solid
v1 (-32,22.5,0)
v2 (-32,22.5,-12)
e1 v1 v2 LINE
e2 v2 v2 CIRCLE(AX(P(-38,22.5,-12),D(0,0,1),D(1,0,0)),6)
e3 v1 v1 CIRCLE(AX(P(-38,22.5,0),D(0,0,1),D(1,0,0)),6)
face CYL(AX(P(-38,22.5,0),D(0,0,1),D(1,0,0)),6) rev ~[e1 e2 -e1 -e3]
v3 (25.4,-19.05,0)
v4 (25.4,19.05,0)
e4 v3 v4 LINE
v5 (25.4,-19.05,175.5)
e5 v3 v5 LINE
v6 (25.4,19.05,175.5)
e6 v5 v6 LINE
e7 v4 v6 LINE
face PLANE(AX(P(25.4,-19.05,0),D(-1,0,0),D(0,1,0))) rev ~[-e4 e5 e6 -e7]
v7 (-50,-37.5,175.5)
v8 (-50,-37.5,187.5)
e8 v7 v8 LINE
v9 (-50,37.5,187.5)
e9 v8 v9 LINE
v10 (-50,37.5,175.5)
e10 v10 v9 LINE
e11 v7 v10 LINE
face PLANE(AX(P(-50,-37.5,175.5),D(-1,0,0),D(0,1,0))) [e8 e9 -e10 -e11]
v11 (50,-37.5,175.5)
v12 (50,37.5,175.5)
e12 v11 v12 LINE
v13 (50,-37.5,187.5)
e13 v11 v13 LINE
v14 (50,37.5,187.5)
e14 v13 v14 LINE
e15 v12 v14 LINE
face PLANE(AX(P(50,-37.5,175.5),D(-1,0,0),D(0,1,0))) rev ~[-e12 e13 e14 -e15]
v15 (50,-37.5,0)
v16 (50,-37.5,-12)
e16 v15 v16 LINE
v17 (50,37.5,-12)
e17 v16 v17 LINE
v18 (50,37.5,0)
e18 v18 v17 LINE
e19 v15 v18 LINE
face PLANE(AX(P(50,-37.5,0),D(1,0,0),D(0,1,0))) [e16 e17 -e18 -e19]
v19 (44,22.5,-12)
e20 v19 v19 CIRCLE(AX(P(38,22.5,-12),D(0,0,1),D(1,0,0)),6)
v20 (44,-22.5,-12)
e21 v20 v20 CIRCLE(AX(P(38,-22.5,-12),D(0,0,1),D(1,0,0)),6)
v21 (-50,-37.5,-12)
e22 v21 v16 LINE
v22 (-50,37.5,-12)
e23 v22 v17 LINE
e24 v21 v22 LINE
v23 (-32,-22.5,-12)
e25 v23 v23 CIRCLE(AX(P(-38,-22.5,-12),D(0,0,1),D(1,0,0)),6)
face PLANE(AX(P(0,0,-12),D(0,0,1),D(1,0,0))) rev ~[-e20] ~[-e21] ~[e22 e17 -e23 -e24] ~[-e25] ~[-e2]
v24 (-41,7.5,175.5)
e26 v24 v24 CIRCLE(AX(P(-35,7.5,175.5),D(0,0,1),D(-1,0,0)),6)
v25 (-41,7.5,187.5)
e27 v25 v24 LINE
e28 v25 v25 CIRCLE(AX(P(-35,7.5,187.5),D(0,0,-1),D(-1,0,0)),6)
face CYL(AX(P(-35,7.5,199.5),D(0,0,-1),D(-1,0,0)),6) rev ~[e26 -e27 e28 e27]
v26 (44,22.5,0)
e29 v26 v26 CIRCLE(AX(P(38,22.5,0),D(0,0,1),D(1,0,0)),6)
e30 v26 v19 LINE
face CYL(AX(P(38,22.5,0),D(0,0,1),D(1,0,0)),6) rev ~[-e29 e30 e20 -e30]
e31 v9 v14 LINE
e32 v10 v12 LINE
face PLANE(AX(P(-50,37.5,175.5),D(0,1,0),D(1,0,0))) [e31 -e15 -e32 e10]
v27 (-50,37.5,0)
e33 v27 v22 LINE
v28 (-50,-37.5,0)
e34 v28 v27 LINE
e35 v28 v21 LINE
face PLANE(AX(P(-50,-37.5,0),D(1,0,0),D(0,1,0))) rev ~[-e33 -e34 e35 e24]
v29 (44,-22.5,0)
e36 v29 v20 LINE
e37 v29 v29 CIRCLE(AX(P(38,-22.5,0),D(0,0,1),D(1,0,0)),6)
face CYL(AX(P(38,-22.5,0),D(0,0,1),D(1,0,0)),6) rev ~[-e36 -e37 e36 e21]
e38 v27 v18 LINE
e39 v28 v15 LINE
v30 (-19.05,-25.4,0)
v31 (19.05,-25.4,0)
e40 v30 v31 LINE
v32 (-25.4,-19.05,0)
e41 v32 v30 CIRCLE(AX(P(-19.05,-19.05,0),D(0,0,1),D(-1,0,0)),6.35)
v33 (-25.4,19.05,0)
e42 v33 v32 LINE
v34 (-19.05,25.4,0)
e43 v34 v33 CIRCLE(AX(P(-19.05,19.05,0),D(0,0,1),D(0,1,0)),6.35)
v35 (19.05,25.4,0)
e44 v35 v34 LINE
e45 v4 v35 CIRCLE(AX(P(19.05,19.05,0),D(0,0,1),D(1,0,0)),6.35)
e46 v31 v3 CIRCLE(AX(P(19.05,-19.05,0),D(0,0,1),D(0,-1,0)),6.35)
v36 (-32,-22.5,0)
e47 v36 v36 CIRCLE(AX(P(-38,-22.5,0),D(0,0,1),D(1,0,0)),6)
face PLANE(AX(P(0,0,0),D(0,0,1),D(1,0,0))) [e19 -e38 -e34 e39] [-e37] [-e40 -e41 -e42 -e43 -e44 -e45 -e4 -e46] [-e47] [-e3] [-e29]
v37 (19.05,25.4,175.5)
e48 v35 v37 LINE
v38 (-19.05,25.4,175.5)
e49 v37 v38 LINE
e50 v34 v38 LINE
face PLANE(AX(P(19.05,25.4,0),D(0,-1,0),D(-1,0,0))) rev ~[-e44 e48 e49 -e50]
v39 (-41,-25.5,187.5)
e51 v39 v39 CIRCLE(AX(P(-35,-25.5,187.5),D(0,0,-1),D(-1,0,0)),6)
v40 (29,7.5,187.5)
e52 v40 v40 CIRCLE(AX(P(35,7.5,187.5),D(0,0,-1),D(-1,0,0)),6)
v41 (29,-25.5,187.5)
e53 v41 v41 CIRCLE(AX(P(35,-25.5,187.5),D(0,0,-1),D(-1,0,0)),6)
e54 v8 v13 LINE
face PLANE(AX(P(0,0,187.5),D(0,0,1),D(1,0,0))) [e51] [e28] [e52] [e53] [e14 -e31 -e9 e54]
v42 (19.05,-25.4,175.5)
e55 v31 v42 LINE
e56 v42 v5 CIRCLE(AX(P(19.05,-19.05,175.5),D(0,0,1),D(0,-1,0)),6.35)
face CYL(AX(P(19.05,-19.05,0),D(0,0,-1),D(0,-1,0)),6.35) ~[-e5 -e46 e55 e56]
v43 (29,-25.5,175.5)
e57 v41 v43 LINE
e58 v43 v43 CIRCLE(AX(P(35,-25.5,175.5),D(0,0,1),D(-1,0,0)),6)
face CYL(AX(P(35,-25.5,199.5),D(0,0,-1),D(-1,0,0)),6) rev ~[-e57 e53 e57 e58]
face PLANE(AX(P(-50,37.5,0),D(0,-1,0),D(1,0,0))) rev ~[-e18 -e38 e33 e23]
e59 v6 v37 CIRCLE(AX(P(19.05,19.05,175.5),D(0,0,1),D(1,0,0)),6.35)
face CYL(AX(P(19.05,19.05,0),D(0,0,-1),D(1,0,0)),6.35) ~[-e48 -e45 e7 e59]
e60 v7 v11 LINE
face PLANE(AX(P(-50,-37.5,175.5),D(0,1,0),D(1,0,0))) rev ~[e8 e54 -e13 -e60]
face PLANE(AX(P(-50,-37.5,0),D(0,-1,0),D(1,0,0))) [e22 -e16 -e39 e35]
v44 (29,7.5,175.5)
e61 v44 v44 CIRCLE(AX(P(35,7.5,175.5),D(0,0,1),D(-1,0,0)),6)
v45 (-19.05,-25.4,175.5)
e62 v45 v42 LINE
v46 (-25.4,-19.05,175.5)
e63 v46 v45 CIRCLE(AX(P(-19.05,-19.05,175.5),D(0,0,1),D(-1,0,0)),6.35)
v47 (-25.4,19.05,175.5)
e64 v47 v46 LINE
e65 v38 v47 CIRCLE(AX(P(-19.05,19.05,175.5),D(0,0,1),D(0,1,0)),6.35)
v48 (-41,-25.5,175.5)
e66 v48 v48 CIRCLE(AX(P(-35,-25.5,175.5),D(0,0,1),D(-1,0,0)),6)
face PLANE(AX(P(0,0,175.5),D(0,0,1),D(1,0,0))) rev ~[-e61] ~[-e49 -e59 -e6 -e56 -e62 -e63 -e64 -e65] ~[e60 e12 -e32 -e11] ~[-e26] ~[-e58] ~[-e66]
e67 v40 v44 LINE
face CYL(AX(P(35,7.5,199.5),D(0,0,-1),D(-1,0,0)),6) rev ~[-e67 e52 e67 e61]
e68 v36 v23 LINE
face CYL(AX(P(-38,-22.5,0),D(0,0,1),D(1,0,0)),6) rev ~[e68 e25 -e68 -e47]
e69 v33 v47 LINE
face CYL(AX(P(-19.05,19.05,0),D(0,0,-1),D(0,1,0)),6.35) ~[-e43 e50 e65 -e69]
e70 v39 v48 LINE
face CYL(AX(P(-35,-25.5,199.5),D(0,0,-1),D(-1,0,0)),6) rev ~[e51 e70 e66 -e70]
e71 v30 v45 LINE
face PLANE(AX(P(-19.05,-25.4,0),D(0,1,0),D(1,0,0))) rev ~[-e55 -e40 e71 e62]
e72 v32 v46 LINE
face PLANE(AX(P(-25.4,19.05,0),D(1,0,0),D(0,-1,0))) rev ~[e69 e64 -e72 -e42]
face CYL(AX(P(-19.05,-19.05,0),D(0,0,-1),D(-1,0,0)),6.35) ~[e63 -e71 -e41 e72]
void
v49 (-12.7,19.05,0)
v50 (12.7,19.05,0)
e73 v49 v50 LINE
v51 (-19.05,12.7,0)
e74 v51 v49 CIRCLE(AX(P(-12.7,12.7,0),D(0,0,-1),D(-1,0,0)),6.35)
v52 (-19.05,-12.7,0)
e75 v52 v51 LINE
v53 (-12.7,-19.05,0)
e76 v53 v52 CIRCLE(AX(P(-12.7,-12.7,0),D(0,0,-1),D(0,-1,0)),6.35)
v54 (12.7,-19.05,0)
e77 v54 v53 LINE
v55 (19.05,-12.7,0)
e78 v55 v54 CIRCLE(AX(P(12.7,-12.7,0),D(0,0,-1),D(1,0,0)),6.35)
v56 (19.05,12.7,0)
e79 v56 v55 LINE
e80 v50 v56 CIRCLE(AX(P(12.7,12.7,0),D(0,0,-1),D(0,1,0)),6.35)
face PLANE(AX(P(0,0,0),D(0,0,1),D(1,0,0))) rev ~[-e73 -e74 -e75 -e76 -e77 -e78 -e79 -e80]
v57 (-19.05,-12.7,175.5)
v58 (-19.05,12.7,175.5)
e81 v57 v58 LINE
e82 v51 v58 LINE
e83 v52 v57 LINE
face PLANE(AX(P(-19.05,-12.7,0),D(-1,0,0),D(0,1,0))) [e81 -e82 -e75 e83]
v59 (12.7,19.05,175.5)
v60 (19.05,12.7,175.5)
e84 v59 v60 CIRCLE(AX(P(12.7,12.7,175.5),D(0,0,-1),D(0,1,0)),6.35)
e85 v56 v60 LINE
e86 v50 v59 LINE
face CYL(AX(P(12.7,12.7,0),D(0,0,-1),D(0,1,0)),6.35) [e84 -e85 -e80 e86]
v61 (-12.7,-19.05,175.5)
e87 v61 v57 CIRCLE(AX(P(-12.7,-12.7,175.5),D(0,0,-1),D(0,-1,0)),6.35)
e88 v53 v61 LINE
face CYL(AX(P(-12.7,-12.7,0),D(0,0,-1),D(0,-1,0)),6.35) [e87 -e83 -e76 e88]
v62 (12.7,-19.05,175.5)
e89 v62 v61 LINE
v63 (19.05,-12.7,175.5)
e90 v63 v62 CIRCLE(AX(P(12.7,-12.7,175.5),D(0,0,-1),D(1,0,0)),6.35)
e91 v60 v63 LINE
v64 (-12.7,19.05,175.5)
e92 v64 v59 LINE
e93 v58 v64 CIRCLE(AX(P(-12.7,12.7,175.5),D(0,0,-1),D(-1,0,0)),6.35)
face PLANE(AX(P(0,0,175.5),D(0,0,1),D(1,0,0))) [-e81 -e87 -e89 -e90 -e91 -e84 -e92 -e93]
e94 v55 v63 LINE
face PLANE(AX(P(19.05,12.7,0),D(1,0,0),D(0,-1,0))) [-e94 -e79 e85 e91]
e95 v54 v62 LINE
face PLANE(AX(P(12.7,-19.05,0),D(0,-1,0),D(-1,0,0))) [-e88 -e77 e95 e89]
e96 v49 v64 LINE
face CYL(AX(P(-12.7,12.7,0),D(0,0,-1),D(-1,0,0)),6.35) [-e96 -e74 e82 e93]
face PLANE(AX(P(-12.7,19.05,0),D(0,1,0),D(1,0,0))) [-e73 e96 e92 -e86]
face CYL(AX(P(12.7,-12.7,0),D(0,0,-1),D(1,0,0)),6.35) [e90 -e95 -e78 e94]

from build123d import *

# Parameters (mm, degrees)
F0_W     = 100
F0_H     = 75
F1_DEPTH = 12
F3_DEPTH = 175.5
F5_W     = 100
F5_H     = 75
F6_DEPTH = 12
F7_D     = 12
F7_DEPTH = 12.001
F9_D     = 12
F9_DEPTH = 12
F9_TIP   = 3.6051637142


with BuildPart() as f1:
    # F0 (on Top) → F1 (new body)
    with BuildSketch(Plane.XY):
        Rectangle(F0_W, F0_H)
    extrude(amount=-F1_DEPTH)

    # F2 (on face) → F3 (join)
    with BuildSketch(Plane.XY):
        with BuildLine():
            Line((-19.05, -25.4), (19.05, -25.4))
            ThreePointArc((19.05, -25.4), (23.5401280605, -23.5401280605), (25.4, -19.05))
            Line((25.4, -19.05), (25.4, 19.05))
            ThreePointArc((25.4, 19.05), (23.5401280605, 23.5401280605), (19.05, 25.4))
            Line((19.05, 25.4), (-19.05, 25.4))
            ThreePointArc((-19.05, 25.4), (-23.5401280605, 23.5401280605), (-25.4, 19.05))
            Line((-25.4, 19.05), (-25.4, -19.05))
            ThreePointArc((-25.4, -19.05), (-23.5401280605, -23.5401280605), (-19.05, -25.4))
        make_face()
        with BuildLine():
            Line((-12.7, 19.05), (12.7, 19.05))
            ThreePointArc((12.7, 19.05), (17.1901280605, 17.1901280605), (19.05, 12.7))
            Line((19.05, 12.7), (19.05, -12.7))
            ThreePointArc((19.05, -12.7), (17.1901280605, -17.1901280605), (12.7, -19.05))
            Line((12.7, -19.05), (-12.7, -19.05))
            ThreePointArc((-12.7, -19.05), (-17.1901280605, -17.1901280605), (-19.05, -12.7))
            Line((-19.05, -12.7), (-19.05, 12.7))
            ThreePointArc((-19.05, 12.7), (-17.1901280605, 17.1901280605), (-12.7, 19.05))
        make_face(mode=Mode.SUBTRACT)
    extrude(amount=F3_DEPTH)

    # F5 (on face) → F6 (join)
    with BuildSketch(Plane.XY.offset(175.5)):
        Rectangle(F5_W, F5_H)
        with BuildLine():
            Line((19.05, -25.4), (-19.05, -25.4))
            ThreePointArc((-19.05, -25.4), (-23.5401280605, -23.5401280605), (-25.4, -19.05))
            Line((-25.4, -19.05), (-25.4, 19.05))
            ThreePointArc((-25.4, 19.05), (-23.5401280605, 23.5401280605), (-19.05, 25.4))
            Line((-19.05, 25.4), (19.05, 25.4))
            ThreePointArc((19.05, 25.4), (23.5401280605, 23.5401280605), (25.4, 19.05))
            Line((25.4, 19.05), (25.4, -19.05))
            ThreePointArc((25.4, -19.05), (23.5401280605, -23.5401280605), (19.05, -25.4))
        make_face(mode=Mode.SUBTRACT)
        with BuildLine():
            ThreePointArc((-25.4, -19.05), (-23.5401280605, -23.5401280605), (-19.05, -25.4))
            Line((-19.05, -25.4), (19.05, -25.4))
            ThreePointArc((19.05, -25.4), (23.5401280605, -23.5401280605), (25.4, -19.05))
            Line((25.4, -19.05), (25.4, 19.05))
            ThreePointArc((25.4, 19.05), (23.5401280605, 23.5401280605), (19.05, 25.4))
            Line((19.05, 25.4), (-19.05, 25.4))
            ThreePointArc((-19.05, 25.4), (-23.5401280605, 23.5401280605), (-25.4, 19.05))
            Line((-25.4, 19.05), (-25.4, -19.05))
        make_face()
        with BuildLine():
            Line((-19.05, -12.7), (-19.05, 12.7))
            ThreePointArc((-19.05, 12.7), (-17.1901280605, 17.1901280605), (-12.7, 19.05))
            Line((-12.7, 19.05), (12.7, 19.05))
            ThreePointArc((12.7, 19.05), (17.1901280605, 17.1901280605), (19.05, 12.7))
            Line((19.05, 12.7), (19.05, -12.7))
            ThreePointArc((19.05, -12.7), (17.1901280605, -17.1901280605), (12.7, -19.05))
            Line((12.7, -19.05), (-12.7, -19.05))
            ThreePointArc((-12.7, -19.05), (-17.1901280605, -17.1901280605), (-19.05, -12.7))
        make_face(mode=Mode.SUBTRACT)
        with BuildLine():
            ThreePointArc((-12.7, 19.05), (-17.1901280605, 17.1901280605), (-19.05, 12.7))
            Line((-19.05, 12.7), (-19.05, -12.7))
            ThreePointArc((-19.05, -12.7), (-17.1901280605, -17.1901280605), (-12.7, -19.05))
            Line((-12.7, -19.05), (12.7, -19.05))
            ThreePointArc((12.7, -19.05), (17.1901280605, -17.1901280605), (19.05, -12.7))
            Line((19.05, -12.7), (19.05, 12.7))
            ThreePointArc((19.05, 12.7), (17.1901280605, 17.1901280605), (12.7, 19.05))
            Line((12.7, 19.05), (-12.7, 19.05))
        make_face()
    extrude(amount=F6_DEPTH)

    # F7 (through all, one way)
    with BuildSketch(Plane.XY):
        with Locations((-38, 22.5), (38, 22.5), (38, -22.5), (-38, -22.5)):
            Circle(F7_D / 2)
    extrude(amount=-F7_DEPTH, mode=Mode.SUBTRACT)

    # F9
    with Locations(Plane.XY.offset(187.5)):
        with Locations((-35, 7.5), (-35, -25.5), (35, -25.5), (35, 7.5)):
            Hole(F9_D / 2, depth=F9_DEPTH)
            with Locations((0, 0, -(F9_DEPTH + F9_TIP / 2))):  # 118° drill point
                Cone(0, F9_D / 2, F9_TIP, mode=Mode.SUBTRACT)


solid = f1.part
